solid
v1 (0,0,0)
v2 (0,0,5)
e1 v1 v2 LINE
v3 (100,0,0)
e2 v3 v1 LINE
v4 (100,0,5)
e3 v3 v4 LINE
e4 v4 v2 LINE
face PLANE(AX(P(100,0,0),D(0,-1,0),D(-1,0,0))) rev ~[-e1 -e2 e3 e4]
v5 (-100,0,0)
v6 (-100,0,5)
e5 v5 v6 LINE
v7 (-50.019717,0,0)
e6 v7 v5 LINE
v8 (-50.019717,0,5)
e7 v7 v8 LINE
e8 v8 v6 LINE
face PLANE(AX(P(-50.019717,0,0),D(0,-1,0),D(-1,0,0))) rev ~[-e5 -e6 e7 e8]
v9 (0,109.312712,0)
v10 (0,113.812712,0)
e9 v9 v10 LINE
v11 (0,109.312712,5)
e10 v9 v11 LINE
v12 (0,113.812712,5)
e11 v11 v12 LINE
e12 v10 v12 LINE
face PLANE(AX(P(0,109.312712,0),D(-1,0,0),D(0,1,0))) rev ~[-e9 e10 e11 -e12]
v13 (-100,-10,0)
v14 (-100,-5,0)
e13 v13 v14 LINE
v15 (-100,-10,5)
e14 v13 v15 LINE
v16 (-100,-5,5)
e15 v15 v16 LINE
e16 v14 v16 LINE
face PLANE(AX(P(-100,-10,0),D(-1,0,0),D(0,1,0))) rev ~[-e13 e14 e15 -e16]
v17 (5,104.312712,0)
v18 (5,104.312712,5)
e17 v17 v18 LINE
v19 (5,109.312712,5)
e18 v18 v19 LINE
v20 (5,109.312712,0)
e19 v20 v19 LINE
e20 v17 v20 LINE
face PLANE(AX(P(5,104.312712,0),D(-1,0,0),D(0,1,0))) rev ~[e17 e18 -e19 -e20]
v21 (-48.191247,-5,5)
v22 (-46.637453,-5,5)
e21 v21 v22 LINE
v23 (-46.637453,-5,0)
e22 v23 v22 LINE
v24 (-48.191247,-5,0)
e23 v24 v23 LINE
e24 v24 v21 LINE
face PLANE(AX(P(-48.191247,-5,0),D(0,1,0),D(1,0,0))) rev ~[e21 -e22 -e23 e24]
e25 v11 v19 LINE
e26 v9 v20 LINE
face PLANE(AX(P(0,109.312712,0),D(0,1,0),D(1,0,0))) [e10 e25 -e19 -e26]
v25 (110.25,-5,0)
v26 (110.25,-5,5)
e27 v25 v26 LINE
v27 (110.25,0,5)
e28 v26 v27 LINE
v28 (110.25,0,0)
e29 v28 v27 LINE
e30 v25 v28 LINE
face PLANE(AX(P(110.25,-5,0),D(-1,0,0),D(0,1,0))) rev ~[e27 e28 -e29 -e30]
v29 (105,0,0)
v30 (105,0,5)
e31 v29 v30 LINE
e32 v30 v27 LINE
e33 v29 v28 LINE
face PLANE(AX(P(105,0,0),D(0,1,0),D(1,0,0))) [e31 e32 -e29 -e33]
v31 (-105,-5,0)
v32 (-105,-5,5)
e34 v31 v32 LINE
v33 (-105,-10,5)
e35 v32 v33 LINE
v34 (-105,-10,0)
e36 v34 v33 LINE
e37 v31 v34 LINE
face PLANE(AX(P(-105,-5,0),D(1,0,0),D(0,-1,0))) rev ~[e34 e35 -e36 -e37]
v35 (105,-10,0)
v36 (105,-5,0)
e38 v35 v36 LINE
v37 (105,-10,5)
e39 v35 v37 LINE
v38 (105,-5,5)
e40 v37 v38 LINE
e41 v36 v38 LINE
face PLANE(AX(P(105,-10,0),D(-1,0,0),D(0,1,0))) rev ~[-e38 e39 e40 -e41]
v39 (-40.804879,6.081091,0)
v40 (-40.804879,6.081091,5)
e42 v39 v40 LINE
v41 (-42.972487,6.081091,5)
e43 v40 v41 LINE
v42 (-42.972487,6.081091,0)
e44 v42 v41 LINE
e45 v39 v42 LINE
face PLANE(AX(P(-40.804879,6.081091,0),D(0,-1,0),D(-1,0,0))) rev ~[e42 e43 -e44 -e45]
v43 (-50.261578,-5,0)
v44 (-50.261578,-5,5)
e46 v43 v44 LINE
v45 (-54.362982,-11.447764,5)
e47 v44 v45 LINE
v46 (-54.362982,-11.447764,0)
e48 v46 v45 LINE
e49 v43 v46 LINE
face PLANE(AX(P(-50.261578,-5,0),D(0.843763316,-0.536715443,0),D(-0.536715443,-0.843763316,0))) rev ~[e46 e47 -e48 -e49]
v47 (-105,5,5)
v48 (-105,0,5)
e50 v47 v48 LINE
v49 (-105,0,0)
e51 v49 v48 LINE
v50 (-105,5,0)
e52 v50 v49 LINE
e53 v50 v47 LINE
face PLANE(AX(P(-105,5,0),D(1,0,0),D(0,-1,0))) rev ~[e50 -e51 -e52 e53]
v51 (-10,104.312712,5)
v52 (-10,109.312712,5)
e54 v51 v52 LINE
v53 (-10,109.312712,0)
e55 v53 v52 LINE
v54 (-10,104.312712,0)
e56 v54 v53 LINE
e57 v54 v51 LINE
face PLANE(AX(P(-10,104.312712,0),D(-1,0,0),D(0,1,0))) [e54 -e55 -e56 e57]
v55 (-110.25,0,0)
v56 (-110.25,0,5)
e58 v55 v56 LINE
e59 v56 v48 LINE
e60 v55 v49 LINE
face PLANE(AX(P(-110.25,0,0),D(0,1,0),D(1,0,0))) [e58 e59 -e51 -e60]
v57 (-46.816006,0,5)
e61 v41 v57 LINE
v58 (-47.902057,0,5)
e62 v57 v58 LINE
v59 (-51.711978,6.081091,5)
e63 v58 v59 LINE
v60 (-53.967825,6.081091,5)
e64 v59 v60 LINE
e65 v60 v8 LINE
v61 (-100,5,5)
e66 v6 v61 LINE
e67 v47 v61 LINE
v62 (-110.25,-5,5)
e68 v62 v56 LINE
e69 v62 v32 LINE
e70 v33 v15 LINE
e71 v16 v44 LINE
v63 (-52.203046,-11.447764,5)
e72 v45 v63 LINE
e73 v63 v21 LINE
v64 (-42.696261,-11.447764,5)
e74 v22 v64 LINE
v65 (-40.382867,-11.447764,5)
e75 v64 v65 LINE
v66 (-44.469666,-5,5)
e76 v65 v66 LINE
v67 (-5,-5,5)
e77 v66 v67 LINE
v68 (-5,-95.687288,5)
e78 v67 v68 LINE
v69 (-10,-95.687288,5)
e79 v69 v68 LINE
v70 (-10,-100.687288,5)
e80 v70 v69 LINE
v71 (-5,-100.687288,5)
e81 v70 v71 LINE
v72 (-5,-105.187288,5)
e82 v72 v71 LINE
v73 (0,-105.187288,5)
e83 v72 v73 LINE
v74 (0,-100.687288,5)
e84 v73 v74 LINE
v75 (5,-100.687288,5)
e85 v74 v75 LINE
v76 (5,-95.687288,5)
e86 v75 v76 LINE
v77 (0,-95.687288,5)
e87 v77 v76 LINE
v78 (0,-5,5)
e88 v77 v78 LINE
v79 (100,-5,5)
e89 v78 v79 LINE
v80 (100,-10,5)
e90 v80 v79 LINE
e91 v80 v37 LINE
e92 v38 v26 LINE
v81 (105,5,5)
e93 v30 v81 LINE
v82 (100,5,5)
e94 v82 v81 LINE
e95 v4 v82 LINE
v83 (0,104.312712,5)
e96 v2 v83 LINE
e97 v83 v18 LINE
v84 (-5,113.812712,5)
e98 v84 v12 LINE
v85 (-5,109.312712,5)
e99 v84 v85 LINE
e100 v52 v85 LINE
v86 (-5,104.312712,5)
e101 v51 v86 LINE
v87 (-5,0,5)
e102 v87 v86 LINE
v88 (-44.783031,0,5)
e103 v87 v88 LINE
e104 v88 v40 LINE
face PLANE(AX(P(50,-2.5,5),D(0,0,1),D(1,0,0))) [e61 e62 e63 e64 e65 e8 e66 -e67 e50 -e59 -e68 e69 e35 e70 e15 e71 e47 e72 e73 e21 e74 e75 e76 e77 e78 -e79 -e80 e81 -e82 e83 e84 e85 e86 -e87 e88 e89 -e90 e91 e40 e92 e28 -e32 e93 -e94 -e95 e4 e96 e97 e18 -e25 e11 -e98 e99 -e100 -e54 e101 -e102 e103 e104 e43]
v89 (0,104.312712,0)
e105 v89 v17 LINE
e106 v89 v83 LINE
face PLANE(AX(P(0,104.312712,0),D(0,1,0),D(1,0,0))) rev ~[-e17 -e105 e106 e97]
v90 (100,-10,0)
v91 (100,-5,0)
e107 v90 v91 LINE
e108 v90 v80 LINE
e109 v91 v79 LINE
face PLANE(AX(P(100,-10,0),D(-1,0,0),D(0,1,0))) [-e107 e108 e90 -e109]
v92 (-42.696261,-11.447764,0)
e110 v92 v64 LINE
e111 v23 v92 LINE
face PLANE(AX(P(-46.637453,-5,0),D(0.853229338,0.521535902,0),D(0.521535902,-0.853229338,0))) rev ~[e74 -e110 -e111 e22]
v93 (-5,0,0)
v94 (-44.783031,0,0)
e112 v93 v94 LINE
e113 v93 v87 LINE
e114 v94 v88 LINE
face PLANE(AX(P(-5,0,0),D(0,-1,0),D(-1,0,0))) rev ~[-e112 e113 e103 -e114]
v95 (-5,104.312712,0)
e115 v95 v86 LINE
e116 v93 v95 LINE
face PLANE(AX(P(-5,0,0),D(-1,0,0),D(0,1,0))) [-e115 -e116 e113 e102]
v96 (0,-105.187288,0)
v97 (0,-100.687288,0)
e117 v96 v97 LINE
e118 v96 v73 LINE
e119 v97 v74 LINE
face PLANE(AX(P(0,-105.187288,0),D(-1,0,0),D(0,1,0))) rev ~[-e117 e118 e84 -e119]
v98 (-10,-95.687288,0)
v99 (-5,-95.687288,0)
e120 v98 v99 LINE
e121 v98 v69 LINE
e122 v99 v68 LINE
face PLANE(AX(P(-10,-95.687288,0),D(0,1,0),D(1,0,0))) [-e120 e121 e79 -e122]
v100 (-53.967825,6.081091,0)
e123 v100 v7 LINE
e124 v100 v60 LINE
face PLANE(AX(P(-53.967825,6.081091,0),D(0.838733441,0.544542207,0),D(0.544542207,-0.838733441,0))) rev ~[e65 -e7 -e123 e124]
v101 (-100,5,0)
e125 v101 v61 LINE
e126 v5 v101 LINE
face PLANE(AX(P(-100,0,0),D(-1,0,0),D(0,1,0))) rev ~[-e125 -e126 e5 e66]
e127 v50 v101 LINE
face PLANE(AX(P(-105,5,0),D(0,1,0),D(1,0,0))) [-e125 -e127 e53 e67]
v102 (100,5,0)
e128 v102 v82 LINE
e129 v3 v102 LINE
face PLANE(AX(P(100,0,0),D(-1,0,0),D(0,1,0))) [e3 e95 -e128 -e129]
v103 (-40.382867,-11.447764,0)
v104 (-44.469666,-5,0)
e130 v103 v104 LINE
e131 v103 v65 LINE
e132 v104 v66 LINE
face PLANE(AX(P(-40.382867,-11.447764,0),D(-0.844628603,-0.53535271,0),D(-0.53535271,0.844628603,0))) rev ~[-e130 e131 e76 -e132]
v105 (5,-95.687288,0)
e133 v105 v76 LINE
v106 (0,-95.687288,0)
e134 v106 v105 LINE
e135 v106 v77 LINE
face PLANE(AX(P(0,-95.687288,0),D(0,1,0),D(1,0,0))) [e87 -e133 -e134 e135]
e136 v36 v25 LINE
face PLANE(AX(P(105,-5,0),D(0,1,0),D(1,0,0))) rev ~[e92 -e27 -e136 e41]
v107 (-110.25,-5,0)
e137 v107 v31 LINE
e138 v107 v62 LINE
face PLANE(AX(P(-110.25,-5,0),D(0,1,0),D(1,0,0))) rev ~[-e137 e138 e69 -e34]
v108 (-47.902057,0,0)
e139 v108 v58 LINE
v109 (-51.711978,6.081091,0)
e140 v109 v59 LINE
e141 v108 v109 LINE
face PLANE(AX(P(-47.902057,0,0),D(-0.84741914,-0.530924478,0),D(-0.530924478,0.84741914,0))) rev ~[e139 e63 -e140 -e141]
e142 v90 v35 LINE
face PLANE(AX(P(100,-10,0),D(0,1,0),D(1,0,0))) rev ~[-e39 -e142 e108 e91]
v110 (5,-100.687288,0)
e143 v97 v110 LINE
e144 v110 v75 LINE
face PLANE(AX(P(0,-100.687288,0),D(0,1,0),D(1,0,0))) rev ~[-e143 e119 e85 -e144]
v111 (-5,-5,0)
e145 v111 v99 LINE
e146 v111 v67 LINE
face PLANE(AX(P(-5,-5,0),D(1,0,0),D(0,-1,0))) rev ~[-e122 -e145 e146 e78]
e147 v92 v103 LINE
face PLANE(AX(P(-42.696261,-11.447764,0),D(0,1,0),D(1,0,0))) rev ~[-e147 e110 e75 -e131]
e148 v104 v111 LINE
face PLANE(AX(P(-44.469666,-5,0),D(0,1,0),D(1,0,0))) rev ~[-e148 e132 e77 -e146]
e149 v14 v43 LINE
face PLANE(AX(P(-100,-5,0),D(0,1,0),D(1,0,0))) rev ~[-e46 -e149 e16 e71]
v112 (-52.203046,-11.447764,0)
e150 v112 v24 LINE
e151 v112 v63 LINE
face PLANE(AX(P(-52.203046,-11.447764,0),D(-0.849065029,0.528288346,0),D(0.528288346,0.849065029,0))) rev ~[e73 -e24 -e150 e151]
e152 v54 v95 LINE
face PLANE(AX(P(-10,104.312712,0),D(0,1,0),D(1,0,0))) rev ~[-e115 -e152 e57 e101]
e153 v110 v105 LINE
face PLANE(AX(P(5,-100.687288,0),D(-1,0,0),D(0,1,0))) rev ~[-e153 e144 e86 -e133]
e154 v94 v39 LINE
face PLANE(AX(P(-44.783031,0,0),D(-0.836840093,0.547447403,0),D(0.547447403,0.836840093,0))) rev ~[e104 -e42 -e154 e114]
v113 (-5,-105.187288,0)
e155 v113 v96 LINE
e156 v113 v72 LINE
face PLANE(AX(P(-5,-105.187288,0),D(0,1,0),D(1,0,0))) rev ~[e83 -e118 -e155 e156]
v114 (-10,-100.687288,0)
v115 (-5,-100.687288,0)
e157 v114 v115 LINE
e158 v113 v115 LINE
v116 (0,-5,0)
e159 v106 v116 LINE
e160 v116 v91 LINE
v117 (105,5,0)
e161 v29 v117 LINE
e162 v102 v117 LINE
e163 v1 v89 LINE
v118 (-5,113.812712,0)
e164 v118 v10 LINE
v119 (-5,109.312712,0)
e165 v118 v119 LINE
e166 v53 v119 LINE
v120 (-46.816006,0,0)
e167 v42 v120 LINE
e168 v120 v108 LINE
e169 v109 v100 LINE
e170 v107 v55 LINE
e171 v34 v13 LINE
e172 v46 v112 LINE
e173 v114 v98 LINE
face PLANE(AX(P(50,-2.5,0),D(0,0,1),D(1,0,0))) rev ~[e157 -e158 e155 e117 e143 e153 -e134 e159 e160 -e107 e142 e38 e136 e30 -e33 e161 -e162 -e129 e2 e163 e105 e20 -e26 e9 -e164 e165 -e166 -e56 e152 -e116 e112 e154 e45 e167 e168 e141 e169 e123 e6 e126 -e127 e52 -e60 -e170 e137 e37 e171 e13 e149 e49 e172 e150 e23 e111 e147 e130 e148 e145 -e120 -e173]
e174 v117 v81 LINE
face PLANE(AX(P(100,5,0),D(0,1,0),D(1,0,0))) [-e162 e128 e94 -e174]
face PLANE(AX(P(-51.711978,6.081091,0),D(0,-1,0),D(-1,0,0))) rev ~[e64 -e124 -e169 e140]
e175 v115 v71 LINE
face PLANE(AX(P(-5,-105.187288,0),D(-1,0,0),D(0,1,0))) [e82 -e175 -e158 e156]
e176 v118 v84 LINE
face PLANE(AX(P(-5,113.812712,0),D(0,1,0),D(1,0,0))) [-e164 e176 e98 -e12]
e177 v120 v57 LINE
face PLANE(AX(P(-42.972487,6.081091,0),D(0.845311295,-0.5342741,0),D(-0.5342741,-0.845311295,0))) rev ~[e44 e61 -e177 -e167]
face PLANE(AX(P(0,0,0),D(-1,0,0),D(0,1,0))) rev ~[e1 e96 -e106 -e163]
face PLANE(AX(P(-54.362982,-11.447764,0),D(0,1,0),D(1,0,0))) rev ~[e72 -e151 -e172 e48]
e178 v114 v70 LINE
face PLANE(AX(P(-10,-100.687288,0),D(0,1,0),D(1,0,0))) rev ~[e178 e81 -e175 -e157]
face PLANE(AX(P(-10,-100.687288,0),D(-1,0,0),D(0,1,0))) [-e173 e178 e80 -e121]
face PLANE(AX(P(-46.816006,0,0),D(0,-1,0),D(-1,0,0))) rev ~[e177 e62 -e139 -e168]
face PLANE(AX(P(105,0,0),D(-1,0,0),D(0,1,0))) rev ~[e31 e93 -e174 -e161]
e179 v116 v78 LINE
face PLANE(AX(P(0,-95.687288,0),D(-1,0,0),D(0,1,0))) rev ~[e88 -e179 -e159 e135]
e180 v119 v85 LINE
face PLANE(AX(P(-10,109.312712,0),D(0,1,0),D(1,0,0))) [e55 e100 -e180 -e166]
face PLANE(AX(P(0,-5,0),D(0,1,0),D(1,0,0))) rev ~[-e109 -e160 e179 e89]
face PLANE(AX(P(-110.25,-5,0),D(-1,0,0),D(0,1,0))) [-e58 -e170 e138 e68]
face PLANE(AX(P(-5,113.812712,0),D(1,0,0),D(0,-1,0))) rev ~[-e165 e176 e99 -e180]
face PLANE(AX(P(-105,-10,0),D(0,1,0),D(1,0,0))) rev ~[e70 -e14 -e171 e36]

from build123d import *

# Parameters (mm, degrees)
F0_W     = 100
F0_H     = 5
F0_W_2   = 5
F0_W_3   = 5.25
F0_H_2   = 4.5
F0_H_3   = 104.3127122521
F0_H_4   = 90.6872877479
F1_DEPTH = 5


with BuildPart() as f1:
    # F0 (on Top) → F1 (new body)
    with BuildSketch(Plane.XY):
        with Locations((50, -2.5)):
            Rectangle(F0_W, F0_H)
        with Locations((102.5, -2.5)):
            Rectangle(F0_W_2, F0_H)
        with Locations((102.5, 2.5)):
            Rectangle(F0_W_2, F0_H)
        with Locations((102.5, -7.5)):
            Rectangle(F0_W_2, F0_H)
        with Locations((107.625, -2.5)):
            Rectangle(F0_W_3, F0_H)
        Polygon((-5, -5), (-5, 0), (-44.7830312261, 0), (-46.2334911863, -2.2172048721), (-44.4696663442, -5), align=None)
        with Locations((-2.5, 111.5627122521)):
            Rectangle(F0_W_2, F0_H_2)
        with Locations((-2.5, 106.8127122521)):
            Rectangle(F0_W_2, F0_H)
        with Locations((-7.5, 106.8127122521)):
            Rectangle(F0_W_2, F0_H)
        with Locations((2.5, 106.8127122521)):
            Rectangle(F0_W_2, F0_H)
        with Locations((-2.5, 52.1563561261)):
            Rectangle(F0_W_2, F0_H_3)
        with Locations((-2.5, -2.5)):
            Rectangle(F0_W_2, F0_H)
        with Locations((-2.5, -50.3436438739)):
            Rectangle(F0_W_2, F0_H_4)
        Polygon((-46.2334911863, -2.2172048721), (-44.7830312261, 0), (-46.8160055033, 0), (-47.3614148705, -0.862929156), (-47.9020566732, 0), (-50.0197165479, 0), (-48.535376256, -2.2862614242), (-50.2615776366, -5), (-48.1912470634, -5), (-47.4074525719, -3.7402854932), (-46.6374528634, -5), (-44.4696663442, -5), align=None)
        Polygon((-46.8160055033, 0), (-44.7830312261, 0), (-40.8048788968, 6.0810908044), (-42.9724873375, 6.0810908044), align=None)
        with Locations((-2.5, -98.1872877479)):
            Rectangle(F0_W_2, F0_H)
        with Locations((-7.5, -98.1872877479)):
            Rectangle(F0_W_2, F0_H)
        Polygon((-40.382866634, -11.4477640018), (-44.4696663442, -5), (-46.6374528634, -5), (-42.6962611291, -11.4477640018), align=None)
        Polygon((-47.3614148705, -0.862929156), (-46.8160055033, 0), (-47.9020566732, 0), align=None)
        with Locations((2.5, -98.1872877479)):
            Rectangle(F0_W_2, F0_H)
        with Locations((-2.5, -102.9372877479)):
            Rectangle(F0_W_2, F0_H_2)
        Polygon((-48.1912470634, -5), (-46.6374528634, -5), (-47.4074525719, -3.7402854932), align=None)
        Polygon((-50.0197165479, 0), (-47.9020566732, 0), (-51.7119776523, 6.0810908044), (-53.9678250207, 6.0810908044), align=None)
        Polygon((-52.2030464672, -11.4477640018), (-48.1912470634, -5), (-50.2615776366, -5), (-54.3629819576, -11.4477640018), align=None)
        Polygon((-48.535376256, -2.2862614242), (-50.0197165479, 0), (-100, 0), (-100, -5), (-50.2615776366, -5), align=None)
        with Locations((-102.5, -2.5)):
            Rectangle(F0_W_2, F0_H)
        with Locations((-102.5, 2.5)):
            Rectangle(F0_W_2, F0_H)
        with Locations((-102.5, -7.5)):
            Rectangle(F0_W_2, F0_H)
        with Locations((-107.625, -2.5)):
            Rectangle(F0_W_3, F0_H)
    extrude(amount=F1_DEPTH)


solid = f1.part
